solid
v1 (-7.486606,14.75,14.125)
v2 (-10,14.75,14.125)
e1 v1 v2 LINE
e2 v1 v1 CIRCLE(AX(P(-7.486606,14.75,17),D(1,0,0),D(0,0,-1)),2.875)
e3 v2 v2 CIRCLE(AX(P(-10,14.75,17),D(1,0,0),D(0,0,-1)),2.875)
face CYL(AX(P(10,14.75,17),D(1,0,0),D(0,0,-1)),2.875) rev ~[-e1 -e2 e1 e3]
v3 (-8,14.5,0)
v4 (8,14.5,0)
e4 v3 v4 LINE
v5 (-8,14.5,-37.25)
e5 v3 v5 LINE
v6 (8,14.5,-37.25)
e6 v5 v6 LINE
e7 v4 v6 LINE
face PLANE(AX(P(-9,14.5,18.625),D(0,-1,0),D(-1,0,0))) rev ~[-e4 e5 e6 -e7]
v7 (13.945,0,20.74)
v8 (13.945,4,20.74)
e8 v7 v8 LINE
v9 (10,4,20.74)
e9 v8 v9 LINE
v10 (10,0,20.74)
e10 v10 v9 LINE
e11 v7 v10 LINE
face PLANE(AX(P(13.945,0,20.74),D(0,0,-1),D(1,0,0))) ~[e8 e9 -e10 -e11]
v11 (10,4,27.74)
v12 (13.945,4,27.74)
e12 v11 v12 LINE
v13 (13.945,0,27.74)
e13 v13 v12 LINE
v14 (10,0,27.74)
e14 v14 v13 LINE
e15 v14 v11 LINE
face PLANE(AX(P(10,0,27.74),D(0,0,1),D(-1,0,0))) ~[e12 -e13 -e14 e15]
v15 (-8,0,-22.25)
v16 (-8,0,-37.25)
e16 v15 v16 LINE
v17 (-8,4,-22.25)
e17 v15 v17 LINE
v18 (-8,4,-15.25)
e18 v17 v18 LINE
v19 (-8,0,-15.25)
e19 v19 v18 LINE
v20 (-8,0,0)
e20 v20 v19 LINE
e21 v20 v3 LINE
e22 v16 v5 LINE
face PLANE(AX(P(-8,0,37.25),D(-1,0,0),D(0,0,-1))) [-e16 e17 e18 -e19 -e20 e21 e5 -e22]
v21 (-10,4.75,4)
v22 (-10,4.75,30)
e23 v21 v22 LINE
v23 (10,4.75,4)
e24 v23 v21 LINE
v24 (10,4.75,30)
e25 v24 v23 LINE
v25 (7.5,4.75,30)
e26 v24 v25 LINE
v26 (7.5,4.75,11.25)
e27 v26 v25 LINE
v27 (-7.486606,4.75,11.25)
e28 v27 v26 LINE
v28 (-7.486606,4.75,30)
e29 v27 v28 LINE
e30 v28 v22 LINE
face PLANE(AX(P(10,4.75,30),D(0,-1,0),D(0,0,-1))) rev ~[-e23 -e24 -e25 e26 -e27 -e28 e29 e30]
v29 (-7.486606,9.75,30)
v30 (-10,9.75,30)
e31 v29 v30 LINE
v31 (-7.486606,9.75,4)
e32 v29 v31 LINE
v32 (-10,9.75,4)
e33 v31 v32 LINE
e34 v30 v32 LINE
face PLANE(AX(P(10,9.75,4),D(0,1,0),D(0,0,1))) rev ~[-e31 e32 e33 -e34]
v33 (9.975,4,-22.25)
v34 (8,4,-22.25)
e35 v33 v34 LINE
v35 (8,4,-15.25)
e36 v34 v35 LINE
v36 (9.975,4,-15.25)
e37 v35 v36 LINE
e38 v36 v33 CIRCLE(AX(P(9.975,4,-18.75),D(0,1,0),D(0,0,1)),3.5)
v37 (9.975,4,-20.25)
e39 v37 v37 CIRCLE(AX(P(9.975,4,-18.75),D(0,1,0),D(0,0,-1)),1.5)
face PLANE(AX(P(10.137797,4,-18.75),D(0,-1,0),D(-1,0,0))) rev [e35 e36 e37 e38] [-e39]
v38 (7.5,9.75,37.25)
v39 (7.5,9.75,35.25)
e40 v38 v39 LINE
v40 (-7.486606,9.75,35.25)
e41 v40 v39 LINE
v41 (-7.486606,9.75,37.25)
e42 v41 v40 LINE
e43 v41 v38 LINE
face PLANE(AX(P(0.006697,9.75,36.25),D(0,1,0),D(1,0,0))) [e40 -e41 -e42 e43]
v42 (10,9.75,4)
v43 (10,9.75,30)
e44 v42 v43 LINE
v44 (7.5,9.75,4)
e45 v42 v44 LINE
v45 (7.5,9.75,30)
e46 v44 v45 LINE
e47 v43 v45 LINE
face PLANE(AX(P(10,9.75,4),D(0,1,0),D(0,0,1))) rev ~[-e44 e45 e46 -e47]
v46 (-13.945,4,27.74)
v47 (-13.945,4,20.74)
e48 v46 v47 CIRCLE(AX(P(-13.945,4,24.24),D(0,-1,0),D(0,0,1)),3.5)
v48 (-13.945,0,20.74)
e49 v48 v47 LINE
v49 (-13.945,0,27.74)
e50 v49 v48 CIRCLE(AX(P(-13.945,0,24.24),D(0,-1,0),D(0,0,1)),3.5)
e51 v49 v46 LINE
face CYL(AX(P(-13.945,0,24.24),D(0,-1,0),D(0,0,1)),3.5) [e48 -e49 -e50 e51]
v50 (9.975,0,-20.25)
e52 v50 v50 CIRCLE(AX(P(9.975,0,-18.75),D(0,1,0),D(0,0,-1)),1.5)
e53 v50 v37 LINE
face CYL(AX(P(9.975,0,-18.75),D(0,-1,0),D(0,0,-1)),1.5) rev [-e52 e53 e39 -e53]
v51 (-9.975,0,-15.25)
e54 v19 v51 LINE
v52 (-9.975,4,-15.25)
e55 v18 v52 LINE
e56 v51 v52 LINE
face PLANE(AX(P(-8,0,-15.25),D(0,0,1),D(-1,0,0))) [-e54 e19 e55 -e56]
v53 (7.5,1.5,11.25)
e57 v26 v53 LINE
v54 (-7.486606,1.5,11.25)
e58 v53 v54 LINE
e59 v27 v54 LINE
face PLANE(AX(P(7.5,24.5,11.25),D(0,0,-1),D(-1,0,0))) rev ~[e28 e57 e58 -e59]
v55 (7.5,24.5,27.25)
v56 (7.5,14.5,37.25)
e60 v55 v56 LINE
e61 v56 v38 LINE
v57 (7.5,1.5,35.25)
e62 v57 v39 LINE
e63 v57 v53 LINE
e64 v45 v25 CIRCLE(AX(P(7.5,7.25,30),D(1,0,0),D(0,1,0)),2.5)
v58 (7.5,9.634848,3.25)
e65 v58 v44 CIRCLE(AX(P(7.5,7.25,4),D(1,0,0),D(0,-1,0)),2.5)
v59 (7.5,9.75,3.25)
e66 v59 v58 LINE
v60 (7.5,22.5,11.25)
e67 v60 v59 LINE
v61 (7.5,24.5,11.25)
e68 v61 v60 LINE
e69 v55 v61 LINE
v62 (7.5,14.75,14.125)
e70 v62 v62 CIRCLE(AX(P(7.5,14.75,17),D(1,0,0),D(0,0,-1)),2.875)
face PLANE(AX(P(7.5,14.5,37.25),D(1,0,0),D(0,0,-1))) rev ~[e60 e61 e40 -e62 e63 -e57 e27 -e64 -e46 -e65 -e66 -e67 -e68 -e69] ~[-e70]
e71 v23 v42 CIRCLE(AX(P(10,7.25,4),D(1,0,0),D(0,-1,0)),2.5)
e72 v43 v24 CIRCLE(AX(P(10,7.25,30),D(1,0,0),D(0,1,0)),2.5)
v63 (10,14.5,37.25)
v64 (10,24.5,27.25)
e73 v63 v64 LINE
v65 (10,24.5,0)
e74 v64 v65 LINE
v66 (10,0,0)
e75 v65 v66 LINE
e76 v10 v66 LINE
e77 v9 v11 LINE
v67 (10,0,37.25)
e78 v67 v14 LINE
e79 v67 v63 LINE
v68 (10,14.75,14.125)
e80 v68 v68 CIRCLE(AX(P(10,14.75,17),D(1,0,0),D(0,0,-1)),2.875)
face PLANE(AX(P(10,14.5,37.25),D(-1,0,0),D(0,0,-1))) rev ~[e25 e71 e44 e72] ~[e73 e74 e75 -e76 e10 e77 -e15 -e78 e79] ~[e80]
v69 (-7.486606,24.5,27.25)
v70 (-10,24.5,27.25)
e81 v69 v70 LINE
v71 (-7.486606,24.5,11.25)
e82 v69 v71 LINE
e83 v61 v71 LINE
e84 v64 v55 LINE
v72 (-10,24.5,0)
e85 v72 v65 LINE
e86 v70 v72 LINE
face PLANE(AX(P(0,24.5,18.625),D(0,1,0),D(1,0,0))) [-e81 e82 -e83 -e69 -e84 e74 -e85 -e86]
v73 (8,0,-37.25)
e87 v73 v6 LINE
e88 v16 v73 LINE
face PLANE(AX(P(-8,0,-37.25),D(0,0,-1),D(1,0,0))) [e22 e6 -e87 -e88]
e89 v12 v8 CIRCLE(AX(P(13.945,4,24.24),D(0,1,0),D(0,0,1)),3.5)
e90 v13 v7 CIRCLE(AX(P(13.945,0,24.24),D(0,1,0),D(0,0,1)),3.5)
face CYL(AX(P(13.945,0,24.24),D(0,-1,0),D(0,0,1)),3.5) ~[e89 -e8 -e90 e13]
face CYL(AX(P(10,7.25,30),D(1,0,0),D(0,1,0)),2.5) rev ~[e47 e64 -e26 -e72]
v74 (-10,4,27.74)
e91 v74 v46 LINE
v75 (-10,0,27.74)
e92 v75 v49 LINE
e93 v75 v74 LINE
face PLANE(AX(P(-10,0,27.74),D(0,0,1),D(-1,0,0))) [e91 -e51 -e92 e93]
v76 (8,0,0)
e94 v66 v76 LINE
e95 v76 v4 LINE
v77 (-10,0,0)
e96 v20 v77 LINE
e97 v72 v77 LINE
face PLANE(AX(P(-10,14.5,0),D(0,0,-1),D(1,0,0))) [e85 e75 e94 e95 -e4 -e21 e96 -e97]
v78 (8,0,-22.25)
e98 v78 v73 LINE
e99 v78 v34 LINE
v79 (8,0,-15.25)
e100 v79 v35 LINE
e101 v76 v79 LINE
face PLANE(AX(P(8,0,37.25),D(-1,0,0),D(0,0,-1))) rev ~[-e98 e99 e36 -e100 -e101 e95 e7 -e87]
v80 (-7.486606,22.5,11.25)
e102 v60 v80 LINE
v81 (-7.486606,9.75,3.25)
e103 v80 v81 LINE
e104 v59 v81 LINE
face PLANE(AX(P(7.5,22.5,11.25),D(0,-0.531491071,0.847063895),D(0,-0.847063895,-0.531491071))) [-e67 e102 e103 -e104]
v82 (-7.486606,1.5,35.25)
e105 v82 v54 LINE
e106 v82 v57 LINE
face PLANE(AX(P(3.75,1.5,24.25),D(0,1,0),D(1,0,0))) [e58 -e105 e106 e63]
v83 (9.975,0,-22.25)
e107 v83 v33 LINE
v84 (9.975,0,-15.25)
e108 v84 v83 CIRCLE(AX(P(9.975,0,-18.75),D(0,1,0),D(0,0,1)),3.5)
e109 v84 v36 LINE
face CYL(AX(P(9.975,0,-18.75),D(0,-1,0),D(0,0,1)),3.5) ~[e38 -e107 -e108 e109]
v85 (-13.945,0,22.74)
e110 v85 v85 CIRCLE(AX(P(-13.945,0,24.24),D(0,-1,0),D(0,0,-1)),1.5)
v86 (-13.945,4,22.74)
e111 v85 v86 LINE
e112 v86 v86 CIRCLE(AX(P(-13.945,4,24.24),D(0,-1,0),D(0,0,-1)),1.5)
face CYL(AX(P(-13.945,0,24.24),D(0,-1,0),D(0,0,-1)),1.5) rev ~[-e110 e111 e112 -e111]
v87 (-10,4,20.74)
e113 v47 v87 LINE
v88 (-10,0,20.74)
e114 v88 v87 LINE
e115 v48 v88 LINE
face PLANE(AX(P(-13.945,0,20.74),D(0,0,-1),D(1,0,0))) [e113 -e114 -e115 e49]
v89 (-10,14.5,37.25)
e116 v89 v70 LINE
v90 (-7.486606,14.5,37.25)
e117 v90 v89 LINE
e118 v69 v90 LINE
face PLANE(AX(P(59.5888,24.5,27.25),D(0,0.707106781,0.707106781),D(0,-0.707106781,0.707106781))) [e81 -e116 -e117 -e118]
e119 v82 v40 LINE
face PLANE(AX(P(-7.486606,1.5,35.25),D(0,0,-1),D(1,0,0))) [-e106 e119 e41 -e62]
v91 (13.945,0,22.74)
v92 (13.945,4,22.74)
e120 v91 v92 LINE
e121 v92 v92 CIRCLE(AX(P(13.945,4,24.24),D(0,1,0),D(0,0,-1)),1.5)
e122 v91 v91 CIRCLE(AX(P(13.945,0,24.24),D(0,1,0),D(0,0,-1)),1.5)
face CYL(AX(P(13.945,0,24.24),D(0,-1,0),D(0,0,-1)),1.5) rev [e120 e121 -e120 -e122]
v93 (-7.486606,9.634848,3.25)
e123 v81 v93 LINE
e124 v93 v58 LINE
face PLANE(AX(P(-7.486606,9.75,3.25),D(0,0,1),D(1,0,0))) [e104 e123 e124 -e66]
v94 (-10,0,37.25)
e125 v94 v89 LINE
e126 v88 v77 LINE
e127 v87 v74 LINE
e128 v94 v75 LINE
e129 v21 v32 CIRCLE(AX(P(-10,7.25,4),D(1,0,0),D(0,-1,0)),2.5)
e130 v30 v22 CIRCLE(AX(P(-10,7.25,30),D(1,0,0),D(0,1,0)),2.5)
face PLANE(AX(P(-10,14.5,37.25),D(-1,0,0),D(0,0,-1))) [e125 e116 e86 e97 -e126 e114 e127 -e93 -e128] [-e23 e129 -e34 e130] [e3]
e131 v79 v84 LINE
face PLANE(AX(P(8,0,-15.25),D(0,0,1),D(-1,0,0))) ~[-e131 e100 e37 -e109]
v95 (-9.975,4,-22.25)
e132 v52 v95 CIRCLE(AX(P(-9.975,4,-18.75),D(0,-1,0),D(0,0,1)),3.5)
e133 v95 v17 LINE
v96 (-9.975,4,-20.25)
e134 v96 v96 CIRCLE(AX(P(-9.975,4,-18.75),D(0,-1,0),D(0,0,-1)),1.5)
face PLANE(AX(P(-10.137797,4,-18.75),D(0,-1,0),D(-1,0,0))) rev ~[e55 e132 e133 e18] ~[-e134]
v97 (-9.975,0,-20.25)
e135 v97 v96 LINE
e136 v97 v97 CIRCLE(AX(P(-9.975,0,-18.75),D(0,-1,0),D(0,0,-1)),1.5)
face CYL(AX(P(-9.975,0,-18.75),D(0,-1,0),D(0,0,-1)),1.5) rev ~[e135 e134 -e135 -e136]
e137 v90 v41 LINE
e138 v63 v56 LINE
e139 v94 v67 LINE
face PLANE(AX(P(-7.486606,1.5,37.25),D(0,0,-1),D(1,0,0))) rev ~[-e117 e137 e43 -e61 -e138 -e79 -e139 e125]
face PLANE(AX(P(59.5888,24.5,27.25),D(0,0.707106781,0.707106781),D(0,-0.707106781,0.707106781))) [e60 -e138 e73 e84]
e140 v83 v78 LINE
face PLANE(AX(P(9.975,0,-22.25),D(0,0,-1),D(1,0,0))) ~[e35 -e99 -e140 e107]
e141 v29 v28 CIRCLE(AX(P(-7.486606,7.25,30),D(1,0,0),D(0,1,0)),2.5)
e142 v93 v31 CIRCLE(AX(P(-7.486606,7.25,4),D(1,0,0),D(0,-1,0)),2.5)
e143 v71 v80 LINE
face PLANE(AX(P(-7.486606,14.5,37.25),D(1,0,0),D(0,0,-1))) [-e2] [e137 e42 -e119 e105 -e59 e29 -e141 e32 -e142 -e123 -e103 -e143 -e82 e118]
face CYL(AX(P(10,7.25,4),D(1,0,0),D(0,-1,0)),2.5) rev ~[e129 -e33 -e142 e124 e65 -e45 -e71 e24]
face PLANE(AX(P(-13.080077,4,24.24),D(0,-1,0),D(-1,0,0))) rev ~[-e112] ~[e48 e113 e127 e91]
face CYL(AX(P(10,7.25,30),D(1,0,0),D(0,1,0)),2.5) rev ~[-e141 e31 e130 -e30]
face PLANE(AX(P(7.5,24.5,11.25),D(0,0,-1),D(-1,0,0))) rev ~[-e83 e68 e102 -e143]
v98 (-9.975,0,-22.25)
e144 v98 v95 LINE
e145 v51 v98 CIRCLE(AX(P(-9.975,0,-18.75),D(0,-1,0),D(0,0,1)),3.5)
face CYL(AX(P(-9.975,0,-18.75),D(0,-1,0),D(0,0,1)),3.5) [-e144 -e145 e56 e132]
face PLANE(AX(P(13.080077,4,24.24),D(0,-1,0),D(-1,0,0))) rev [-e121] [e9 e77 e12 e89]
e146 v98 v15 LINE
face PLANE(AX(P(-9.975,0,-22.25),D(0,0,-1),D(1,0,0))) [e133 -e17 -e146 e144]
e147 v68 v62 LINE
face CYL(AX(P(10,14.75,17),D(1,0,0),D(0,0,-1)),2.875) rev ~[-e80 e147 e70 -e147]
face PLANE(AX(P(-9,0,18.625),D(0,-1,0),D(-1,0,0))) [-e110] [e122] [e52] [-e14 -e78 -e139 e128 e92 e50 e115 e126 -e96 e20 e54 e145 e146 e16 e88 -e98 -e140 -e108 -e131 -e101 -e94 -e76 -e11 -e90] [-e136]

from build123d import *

# Parameters (mm, degrees)
SKETCH1_W               = 16
SKETCH1_H               = 74.5
BOSS_EXTRUDE1_DEPTH     = 14.5
SKETCH2_R               = 1.5
BOSS_EXTRUDE2_DEPTH     = 4
SKETCH3_W               = 2
SKETCH3_H               = 37.25
BOSS_EXTRUDE3_DEPTH     = 14.5
SKETCH4_R               = 1.5
BOSS_EXTRUDE4_DEPTH     = 4
CUT_EXTRUDE1_DEPTH      = 49.487529582
SKETCH7_W               = 20
SKETCH7_H               = 37.25
BOSS_EXTRUDE5_DEPTH     = 10
SKETCH8_W               = 7.5
SKETCH8_H               = 26
SKETCH8_W_2             = 7.486605722
CUT_EXTRUDE2_DEPTH      = 23
SKETCH10_W              = 14.986605722
SKETCH10_H              = 2
BOSS_EXTRUDE6_DEPTH     = 13
CUT_EXTRUDE3_DEPTH      = 14.986605722
SKETCH13_W              = 14.986605722
SKETCH13_H              = 0.75
CUT_EXTRUDE4_DEPTH      = 1
SKETCH14_R              = 2.875
CUT_EXTRUDE5_DEPTH      = 53.354947474
CUT_EXTRUDE6_DEPTH      = 52.088800387
CUT_EXTRUDE6_DEPTH_BACK = 52.088800387
SKETCH16_W              = 14.986605722
SKETCH16_H              = 2
CUT_EXTRUDE7_DEPTH      = 4.75


with BuildPart() as part:
    # Sketch1 → Boss-Extrude1 (new body)
    with BuildSketch(Plane(origin=(0, 0, 0), x_dir=(1, 0, 0), z_dir=(0, 1, 0))):
        Rectangle(SKETCH1_W, SKETCH1_H)
    extrude(amount=BOSS_EXTRUDE1_DEPTH)

    # Sketch2 → Boss-Extrude2 (add)
    with BuildSketch(Plane(origin=(0, 0, 0), x_dir=(-1, 0, 0), z_dir=(0, -1, 0))):
        with BuildLine():
            Line((8, 22.25), (8, 18.75))
            Line((8, 18.75), (8, 15.25))
            Line((8, 15.25), (9.975, 15.25))
            ThreePointArc((9.975, 15.25), (13.475, 18.75), (9.975, 22.25))
            Line((9.975, 22.25), (8, 22.25))
        make_face()
        with Locations(Location((9.975, 18.75, 0), (0, 0, 90))):
            Circle(SKETCH2_R, mode=Mode.SUBTRACT)
    boss_extrude2 = extrude(amount=-BOSS_EXTRUDE2_DEPTH)

    # Mirror1: Boss-Extrude2 across plane
    add(boss_extrude2.mirror(Plane(origin=(0, 0, 0), x_dir=(0, 0, 1), z_dir=(1, 0, 0))))

    # Sketch3 → Boss-Extrude3 (add)
    with BuildSketch(Plane(origin=(0, 0, 0), x_dir=(-1, 0, 0), z_dir=(0, -1, 0))):
        with Locations((9, -18.625)):
            Rectangle(SKETCH3_W, SKETCH3_H)
        with Locations((-9, -18.625)):
            Rectangle(SKETCH3_W, SKETCH3_H)
    extrude(amount=-BOSS_EXTRUDE3_DEPTH)

    # Sketch4 → Boss-Extrude4 (add)
    with BuildSketch(Plane(origin=(0, 0, 0), x_dir=(-1, 0, 0), z_dir=(0, -1, 0))):
        with BuildLine():
            Line((10, -20.74), (10, -27.74))
            Line((10, -27.74), (13.945, -27.74))
            ThreePointArc((13.945, -27.74), (17.445, -24.24), (13.945, -20.74))
            Line((13.945, -20.74), (10, -20.74))
        make_face()
        with Locations(Location((13.945, -24.24, 0), (0, 0, 90))):
            Circle(SKETCH4_R, mode=Mode.SUBTRACT)
    boss_extrude4 = extrude(amount=-BOSS_EXTRUDE4_DEPTH)

    # Mirror4: Boss-Extrude4 across plane
    add(boss_extrude4.mirror(Plane(origin=(0, 0, 0), x_dir=(0, 0, 1), z_dir=(1, 0, 0))))

    # Sketch5 → Cut-Extrude1 (cut, through all)
    with BuildSketch(Plane(origin=(10, 0, 0), x_dir=(0, 0, -1), z_dir=(1, 0, 0))):
        with BuildLine():
            Line((-4, 9.75), (-30, 9.75))
            ThreePointArc((-30, 9.75), (-32.5, 7.25), (-30, 4.75))
            Line((-30, 4.75), (-4, 4.75))
            ThreePointArc((-4, 4.75), (-1.5, 7.25), (-4, 9.75))
        make_face()
    extrude(amount=-CUT_EXTRUDE1_DEPTH, mode=Mode.SUBTRACT)

    # Sketch7 → Boss-Extrude5 (add)
    with BuildSketch(Plane(origin=(0, 14.5, 0), x_dir=(1, 0, 0), z_dir=(0, 1, 0))):
        with Locations((0, -18.625)):
            Rectangle(SKETCH7_W, SKETCH7_H)
    extrude(amount=BOSS_EXTRUDE5_DEPTH)

    # Sketch8 → Cut-Extrude2 (cut)
    with BuildSketch(Plane(origin=(0, 24.5, 0), x_dir=(1, 0, 0), z_dir=(0, 1, 0))):
        with Locations((3.75, -24.25)):
            Rectangle(SKETCH8_W, SKETCH8_H)
        with Locations((-3.743302861, -24.25)):
            Rectangle(SKETCH8_W_2, SKETCH8_H)
    extrude(amount=-CUT_EXTRUDE2_DEPTH, mode=Mode.SUBTRACT)

    # Sketch10 → Boss-Extrude6 (add)
    with BuildSketch(Plane(origin=(0, 1.5, 0), x_dir=(1, 0, 0), z_dir=(0, 1, 0))):
        with Locations((0.006697139, -36.25)):
            Rectangle(SKETCH10_W, SKETCH10_H)
    extrude(amount=BOSS_EXTRUDE6_DEPTH)

    # Sketch12 → Cut-Extrude3 (cut)
    with BuildSketch(Plane.ZY.offset(-7.5)):
        Polygon((11.25, 9.75), (11.25, 22.5), (3.25, 9.75), align=None)
    extrude(amount=CUT_EXTRUDE3_DEPTH, mode=Mode.SUBTRACT)

    # Sketch13 → Cut-Extrude4 (cut)
    with BuildSketch(Plane(origin=(0, 9.75, 0), x_dir=(1, 0, 0), z_dir=(0, 1, 0))):
        with Locations((0.006697139, -3.625)):
            Rectangle(SKETCH13_W, SKETCH13_H)
    extrude(amount=-CUT_EXTRUDE4_DEPTH, mode=Mode.SUBTRACT)

    # Sketch14 → Cut-Extrude5 (cut, through all)
    with BuildSketch(Plane(origin=(10, 0, 0), x_dir=(0, 0, -1), z_dir=(1, 0, 0))):
        with Locations((-17, 14.75)):
            Circle(SKETCH14_R)
    extrude(amount=-CUT_EXTRUDE5_DEPTH, mode=Mode.SUBTRACT)

    # Sketch15 → Cut-Extrude6 (cut, two sides: drawn at the far end of the back side and taken through both)
    with BuildSketch(Plane.ZY.offset(-7.5).offset(-CUT_EXTRUDE6_DEPTH_BACK)):
        Polygon((37.25, 14.5), (37.25, 24.5), (27.25, 24.5), align=None)
    extrude(amount=CUT_EXTRUDE6_DEPTH + CUT_EXTRUDE6_DEPTH_BACK, mode=Mode.SUBTRACT)

    # Sketch16 → Cut-Extrude7 (cut)
    with BuildSketch(Plane(origin=(0, 14.5, 0), x_dir=(1, 0, 0), z_dir=(0, 1, 0))):
        with Locations((0.006697139, -36.25)):
            Rectangle(SKETCH16_W, SKETCH16_H)
    extrude(amount=-CUT_EXTRUDE7_DEPTH, mode=Mode.SUBTRACT)


solid = part.part
